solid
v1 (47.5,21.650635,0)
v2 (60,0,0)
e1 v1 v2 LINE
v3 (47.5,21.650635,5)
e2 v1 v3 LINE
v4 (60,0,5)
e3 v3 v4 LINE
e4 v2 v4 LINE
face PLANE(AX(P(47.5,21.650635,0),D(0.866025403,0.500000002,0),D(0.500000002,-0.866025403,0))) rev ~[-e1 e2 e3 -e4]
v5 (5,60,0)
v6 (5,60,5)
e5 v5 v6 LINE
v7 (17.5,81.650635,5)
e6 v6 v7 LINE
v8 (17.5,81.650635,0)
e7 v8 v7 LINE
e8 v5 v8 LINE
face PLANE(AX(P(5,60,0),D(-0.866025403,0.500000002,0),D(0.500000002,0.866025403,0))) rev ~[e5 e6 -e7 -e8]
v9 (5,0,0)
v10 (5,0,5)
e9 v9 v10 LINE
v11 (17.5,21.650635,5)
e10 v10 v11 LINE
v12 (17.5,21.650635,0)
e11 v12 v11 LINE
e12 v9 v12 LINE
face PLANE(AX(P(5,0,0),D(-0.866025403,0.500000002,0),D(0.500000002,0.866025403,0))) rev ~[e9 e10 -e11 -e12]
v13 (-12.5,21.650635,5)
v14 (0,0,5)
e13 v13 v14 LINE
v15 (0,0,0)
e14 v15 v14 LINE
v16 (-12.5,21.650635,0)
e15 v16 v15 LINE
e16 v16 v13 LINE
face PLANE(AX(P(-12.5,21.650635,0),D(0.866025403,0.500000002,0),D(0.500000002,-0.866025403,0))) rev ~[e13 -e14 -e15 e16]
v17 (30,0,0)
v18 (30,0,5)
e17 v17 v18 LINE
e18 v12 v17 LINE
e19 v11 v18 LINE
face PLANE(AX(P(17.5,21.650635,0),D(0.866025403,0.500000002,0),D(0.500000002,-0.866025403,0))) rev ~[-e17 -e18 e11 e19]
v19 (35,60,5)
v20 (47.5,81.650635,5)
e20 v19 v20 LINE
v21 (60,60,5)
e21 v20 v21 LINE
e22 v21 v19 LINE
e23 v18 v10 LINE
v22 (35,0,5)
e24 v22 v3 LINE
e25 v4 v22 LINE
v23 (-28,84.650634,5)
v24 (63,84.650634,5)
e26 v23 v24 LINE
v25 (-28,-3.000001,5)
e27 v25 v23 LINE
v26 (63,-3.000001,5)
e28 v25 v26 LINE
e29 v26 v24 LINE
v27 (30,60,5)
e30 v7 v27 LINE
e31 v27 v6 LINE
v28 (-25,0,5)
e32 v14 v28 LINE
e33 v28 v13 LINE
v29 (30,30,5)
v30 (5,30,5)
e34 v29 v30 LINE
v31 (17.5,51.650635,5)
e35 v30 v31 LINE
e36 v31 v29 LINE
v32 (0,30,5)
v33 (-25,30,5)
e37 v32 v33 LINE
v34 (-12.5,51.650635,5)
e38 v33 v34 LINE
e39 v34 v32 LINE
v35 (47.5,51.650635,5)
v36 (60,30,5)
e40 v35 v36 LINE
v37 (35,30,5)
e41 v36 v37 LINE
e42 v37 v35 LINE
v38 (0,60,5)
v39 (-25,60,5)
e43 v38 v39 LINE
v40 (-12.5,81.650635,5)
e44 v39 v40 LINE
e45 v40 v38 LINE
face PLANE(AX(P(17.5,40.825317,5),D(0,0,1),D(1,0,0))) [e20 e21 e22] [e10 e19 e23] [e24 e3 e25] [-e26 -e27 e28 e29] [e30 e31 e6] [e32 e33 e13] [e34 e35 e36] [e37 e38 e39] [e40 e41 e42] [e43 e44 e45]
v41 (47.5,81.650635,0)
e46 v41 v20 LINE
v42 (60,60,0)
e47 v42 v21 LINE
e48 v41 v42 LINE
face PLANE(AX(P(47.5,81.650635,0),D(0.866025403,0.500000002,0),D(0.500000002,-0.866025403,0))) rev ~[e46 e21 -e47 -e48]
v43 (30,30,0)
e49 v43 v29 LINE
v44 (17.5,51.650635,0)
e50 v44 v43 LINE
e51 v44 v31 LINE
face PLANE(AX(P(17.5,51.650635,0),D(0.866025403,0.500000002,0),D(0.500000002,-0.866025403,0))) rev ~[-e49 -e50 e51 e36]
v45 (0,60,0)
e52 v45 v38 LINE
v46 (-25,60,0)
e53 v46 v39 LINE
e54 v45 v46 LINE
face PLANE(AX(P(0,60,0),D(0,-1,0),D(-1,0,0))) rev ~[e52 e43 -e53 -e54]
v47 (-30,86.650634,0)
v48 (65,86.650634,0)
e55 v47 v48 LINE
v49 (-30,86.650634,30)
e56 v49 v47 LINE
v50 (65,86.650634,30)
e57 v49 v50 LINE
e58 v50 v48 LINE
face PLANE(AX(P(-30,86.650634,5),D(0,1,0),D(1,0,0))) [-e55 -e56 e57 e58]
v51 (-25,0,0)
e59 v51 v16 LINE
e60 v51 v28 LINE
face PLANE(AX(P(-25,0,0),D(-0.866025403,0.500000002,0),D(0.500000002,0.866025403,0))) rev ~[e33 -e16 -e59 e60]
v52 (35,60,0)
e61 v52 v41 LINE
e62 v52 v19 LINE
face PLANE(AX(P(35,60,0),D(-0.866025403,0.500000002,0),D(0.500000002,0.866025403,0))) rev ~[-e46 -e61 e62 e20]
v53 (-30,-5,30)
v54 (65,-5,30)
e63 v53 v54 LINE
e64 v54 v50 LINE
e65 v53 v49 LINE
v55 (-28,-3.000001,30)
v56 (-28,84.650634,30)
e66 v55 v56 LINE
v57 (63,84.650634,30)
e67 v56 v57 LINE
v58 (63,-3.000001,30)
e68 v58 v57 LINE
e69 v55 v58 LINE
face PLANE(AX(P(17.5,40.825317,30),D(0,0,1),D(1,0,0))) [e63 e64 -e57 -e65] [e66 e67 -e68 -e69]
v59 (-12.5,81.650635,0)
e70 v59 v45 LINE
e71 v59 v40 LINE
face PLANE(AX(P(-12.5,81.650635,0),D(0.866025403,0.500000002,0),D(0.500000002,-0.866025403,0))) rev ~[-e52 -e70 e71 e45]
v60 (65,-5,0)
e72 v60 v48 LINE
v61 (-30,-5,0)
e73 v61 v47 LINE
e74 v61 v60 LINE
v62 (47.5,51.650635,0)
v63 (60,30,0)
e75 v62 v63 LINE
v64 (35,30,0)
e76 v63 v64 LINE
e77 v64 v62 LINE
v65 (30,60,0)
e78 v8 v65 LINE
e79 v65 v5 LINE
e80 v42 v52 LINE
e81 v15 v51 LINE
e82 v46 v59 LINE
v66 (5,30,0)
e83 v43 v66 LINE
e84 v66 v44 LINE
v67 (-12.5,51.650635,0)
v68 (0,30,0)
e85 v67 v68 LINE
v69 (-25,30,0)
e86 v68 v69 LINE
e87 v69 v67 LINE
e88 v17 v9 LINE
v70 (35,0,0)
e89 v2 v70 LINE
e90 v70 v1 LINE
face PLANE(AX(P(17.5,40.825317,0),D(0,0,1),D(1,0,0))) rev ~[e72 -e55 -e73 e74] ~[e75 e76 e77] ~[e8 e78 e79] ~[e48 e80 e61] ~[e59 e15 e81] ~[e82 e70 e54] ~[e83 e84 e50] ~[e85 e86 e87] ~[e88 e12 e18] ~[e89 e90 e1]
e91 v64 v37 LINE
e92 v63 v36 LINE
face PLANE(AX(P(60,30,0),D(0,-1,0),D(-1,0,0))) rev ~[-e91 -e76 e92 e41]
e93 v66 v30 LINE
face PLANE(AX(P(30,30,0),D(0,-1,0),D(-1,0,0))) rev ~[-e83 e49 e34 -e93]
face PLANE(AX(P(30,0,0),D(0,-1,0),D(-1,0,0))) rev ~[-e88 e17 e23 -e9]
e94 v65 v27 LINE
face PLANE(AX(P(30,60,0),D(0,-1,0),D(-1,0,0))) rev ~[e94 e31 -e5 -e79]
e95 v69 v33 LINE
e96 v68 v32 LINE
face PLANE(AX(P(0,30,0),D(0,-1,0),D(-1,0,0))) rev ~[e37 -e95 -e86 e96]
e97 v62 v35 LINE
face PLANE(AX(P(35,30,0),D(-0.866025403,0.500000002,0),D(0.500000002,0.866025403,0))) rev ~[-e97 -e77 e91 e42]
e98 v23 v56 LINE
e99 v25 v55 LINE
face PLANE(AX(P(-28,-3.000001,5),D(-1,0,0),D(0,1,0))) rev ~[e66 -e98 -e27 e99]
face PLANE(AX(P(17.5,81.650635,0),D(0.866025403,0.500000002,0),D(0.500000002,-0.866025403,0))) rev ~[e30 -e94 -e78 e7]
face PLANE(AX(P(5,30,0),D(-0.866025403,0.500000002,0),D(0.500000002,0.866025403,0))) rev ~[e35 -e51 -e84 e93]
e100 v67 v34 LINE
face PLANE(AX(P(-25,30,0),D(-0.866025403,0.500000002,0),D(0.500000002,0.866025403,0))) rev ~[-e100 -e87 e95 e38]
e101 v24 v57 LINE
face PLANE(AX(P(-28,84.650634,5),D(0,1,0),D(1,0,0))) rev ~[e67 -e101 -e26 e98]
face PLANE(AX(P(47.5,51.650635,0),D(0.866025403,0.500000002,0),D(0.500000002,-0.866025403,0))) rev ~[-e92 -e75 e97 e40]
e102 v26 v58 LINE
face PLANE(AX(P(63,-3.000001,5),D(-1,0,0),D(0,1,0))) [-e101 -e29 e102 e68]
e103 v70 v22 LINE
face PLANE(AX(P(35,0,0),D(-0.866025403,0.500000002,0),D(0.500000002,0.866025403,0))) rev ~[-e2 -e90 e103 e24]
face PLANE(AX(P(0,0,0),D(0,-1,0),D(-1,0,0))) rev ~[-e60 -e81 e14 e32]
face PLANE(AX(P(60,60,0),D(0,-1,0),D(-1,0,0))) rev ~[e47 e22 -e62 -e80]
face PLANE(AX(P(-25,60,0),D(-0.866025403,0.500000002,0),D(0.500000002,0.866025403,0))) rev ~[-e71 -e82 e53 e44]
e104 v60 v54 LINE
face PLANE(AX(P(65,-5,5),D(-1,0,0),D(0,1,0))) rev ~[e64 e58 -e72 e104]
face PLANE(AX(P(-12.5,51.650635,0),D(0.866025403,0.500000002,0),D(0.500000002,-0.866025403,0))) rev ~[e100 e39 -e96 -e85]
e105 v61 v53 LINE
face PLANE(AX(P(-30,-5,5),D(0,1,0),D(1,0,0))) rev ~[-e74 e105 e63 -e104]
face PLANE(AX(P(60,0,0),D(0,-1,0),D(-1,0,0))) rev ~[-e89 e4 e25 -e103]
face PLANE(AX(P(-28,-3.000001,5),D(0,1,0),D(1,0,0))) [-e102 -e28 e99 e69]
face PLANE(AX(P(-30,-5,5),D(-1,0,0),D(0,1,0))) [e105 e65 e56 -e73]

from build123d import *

# Parameters (mm, degrees)
F0_W     = 95
F0_H     = 91.650635
F1_DEPTH = 5
F2_W     = 95
F2_H     = 91.650635
F2_W_2   = 91
F2_H_2   = 87.650635
F3_DEPTH = 25


with BuildPart() as f1:
    # F0 (on Top) → F1 (new body)
    with BuildSketch(Plane.XY):
        with Locations((17.5, 40.825317)):
            Rectangle(F0_W, F0_H)
        Polygon((-25, 0), (-12.5, 21.650635), (0, 0), align=None, mode=Mode.SUBTRACT)
        Polygon((30, 0), (5, 0), (17.5, 21.650635), align=None, mode=Mode.SUBTRACT)
        Polygon((60, 0), (35, 0), (47.5, 21.650635), align=None, mode=Mode.SUBTRACT)
        Polygon((30, 30), (5, 30), (17.5, 51.650635), align=None, mode=Mode.SUBTRACT)
        Polygon((60, 30), (35, 30), (47.5, 51.650635), align=None, mode=Mode.SUBTRACT)
        Polygon((0, 30), (-25, 30), (-12.5, 51.650635), align=None, mode=Mode.SUBTRACT)
        Polygon((0, 60), (-25, 60), (-12.5, 81.650635), align=None, mode=Mode.SUBTRACT)
        Polygon((30, 60), (5, 60), (17.5, 81.650635), align=None, mode=Mode.SUBTRACT)
        Polygon((60, 60), (35, 60), (47.5, 81.650635), align=None, mode=Mode.SUBTRACT)
    extrude(amount=F1_DEPTH)

    # F2 (on face) → F3 (join)
    with BuildSketch(Plane.XY.offset(5)):
        with Locations((17.5, 40.825317)):
            Rectangle(F2_W, F2_H)
        with Locations((17.5, 40.825317)):
            Rectangle(F2_W_2, F2_H_2, mode=Mode.SUBTRACT)
    extrude(amount=F3_DEPTH)


solid = f1.part
